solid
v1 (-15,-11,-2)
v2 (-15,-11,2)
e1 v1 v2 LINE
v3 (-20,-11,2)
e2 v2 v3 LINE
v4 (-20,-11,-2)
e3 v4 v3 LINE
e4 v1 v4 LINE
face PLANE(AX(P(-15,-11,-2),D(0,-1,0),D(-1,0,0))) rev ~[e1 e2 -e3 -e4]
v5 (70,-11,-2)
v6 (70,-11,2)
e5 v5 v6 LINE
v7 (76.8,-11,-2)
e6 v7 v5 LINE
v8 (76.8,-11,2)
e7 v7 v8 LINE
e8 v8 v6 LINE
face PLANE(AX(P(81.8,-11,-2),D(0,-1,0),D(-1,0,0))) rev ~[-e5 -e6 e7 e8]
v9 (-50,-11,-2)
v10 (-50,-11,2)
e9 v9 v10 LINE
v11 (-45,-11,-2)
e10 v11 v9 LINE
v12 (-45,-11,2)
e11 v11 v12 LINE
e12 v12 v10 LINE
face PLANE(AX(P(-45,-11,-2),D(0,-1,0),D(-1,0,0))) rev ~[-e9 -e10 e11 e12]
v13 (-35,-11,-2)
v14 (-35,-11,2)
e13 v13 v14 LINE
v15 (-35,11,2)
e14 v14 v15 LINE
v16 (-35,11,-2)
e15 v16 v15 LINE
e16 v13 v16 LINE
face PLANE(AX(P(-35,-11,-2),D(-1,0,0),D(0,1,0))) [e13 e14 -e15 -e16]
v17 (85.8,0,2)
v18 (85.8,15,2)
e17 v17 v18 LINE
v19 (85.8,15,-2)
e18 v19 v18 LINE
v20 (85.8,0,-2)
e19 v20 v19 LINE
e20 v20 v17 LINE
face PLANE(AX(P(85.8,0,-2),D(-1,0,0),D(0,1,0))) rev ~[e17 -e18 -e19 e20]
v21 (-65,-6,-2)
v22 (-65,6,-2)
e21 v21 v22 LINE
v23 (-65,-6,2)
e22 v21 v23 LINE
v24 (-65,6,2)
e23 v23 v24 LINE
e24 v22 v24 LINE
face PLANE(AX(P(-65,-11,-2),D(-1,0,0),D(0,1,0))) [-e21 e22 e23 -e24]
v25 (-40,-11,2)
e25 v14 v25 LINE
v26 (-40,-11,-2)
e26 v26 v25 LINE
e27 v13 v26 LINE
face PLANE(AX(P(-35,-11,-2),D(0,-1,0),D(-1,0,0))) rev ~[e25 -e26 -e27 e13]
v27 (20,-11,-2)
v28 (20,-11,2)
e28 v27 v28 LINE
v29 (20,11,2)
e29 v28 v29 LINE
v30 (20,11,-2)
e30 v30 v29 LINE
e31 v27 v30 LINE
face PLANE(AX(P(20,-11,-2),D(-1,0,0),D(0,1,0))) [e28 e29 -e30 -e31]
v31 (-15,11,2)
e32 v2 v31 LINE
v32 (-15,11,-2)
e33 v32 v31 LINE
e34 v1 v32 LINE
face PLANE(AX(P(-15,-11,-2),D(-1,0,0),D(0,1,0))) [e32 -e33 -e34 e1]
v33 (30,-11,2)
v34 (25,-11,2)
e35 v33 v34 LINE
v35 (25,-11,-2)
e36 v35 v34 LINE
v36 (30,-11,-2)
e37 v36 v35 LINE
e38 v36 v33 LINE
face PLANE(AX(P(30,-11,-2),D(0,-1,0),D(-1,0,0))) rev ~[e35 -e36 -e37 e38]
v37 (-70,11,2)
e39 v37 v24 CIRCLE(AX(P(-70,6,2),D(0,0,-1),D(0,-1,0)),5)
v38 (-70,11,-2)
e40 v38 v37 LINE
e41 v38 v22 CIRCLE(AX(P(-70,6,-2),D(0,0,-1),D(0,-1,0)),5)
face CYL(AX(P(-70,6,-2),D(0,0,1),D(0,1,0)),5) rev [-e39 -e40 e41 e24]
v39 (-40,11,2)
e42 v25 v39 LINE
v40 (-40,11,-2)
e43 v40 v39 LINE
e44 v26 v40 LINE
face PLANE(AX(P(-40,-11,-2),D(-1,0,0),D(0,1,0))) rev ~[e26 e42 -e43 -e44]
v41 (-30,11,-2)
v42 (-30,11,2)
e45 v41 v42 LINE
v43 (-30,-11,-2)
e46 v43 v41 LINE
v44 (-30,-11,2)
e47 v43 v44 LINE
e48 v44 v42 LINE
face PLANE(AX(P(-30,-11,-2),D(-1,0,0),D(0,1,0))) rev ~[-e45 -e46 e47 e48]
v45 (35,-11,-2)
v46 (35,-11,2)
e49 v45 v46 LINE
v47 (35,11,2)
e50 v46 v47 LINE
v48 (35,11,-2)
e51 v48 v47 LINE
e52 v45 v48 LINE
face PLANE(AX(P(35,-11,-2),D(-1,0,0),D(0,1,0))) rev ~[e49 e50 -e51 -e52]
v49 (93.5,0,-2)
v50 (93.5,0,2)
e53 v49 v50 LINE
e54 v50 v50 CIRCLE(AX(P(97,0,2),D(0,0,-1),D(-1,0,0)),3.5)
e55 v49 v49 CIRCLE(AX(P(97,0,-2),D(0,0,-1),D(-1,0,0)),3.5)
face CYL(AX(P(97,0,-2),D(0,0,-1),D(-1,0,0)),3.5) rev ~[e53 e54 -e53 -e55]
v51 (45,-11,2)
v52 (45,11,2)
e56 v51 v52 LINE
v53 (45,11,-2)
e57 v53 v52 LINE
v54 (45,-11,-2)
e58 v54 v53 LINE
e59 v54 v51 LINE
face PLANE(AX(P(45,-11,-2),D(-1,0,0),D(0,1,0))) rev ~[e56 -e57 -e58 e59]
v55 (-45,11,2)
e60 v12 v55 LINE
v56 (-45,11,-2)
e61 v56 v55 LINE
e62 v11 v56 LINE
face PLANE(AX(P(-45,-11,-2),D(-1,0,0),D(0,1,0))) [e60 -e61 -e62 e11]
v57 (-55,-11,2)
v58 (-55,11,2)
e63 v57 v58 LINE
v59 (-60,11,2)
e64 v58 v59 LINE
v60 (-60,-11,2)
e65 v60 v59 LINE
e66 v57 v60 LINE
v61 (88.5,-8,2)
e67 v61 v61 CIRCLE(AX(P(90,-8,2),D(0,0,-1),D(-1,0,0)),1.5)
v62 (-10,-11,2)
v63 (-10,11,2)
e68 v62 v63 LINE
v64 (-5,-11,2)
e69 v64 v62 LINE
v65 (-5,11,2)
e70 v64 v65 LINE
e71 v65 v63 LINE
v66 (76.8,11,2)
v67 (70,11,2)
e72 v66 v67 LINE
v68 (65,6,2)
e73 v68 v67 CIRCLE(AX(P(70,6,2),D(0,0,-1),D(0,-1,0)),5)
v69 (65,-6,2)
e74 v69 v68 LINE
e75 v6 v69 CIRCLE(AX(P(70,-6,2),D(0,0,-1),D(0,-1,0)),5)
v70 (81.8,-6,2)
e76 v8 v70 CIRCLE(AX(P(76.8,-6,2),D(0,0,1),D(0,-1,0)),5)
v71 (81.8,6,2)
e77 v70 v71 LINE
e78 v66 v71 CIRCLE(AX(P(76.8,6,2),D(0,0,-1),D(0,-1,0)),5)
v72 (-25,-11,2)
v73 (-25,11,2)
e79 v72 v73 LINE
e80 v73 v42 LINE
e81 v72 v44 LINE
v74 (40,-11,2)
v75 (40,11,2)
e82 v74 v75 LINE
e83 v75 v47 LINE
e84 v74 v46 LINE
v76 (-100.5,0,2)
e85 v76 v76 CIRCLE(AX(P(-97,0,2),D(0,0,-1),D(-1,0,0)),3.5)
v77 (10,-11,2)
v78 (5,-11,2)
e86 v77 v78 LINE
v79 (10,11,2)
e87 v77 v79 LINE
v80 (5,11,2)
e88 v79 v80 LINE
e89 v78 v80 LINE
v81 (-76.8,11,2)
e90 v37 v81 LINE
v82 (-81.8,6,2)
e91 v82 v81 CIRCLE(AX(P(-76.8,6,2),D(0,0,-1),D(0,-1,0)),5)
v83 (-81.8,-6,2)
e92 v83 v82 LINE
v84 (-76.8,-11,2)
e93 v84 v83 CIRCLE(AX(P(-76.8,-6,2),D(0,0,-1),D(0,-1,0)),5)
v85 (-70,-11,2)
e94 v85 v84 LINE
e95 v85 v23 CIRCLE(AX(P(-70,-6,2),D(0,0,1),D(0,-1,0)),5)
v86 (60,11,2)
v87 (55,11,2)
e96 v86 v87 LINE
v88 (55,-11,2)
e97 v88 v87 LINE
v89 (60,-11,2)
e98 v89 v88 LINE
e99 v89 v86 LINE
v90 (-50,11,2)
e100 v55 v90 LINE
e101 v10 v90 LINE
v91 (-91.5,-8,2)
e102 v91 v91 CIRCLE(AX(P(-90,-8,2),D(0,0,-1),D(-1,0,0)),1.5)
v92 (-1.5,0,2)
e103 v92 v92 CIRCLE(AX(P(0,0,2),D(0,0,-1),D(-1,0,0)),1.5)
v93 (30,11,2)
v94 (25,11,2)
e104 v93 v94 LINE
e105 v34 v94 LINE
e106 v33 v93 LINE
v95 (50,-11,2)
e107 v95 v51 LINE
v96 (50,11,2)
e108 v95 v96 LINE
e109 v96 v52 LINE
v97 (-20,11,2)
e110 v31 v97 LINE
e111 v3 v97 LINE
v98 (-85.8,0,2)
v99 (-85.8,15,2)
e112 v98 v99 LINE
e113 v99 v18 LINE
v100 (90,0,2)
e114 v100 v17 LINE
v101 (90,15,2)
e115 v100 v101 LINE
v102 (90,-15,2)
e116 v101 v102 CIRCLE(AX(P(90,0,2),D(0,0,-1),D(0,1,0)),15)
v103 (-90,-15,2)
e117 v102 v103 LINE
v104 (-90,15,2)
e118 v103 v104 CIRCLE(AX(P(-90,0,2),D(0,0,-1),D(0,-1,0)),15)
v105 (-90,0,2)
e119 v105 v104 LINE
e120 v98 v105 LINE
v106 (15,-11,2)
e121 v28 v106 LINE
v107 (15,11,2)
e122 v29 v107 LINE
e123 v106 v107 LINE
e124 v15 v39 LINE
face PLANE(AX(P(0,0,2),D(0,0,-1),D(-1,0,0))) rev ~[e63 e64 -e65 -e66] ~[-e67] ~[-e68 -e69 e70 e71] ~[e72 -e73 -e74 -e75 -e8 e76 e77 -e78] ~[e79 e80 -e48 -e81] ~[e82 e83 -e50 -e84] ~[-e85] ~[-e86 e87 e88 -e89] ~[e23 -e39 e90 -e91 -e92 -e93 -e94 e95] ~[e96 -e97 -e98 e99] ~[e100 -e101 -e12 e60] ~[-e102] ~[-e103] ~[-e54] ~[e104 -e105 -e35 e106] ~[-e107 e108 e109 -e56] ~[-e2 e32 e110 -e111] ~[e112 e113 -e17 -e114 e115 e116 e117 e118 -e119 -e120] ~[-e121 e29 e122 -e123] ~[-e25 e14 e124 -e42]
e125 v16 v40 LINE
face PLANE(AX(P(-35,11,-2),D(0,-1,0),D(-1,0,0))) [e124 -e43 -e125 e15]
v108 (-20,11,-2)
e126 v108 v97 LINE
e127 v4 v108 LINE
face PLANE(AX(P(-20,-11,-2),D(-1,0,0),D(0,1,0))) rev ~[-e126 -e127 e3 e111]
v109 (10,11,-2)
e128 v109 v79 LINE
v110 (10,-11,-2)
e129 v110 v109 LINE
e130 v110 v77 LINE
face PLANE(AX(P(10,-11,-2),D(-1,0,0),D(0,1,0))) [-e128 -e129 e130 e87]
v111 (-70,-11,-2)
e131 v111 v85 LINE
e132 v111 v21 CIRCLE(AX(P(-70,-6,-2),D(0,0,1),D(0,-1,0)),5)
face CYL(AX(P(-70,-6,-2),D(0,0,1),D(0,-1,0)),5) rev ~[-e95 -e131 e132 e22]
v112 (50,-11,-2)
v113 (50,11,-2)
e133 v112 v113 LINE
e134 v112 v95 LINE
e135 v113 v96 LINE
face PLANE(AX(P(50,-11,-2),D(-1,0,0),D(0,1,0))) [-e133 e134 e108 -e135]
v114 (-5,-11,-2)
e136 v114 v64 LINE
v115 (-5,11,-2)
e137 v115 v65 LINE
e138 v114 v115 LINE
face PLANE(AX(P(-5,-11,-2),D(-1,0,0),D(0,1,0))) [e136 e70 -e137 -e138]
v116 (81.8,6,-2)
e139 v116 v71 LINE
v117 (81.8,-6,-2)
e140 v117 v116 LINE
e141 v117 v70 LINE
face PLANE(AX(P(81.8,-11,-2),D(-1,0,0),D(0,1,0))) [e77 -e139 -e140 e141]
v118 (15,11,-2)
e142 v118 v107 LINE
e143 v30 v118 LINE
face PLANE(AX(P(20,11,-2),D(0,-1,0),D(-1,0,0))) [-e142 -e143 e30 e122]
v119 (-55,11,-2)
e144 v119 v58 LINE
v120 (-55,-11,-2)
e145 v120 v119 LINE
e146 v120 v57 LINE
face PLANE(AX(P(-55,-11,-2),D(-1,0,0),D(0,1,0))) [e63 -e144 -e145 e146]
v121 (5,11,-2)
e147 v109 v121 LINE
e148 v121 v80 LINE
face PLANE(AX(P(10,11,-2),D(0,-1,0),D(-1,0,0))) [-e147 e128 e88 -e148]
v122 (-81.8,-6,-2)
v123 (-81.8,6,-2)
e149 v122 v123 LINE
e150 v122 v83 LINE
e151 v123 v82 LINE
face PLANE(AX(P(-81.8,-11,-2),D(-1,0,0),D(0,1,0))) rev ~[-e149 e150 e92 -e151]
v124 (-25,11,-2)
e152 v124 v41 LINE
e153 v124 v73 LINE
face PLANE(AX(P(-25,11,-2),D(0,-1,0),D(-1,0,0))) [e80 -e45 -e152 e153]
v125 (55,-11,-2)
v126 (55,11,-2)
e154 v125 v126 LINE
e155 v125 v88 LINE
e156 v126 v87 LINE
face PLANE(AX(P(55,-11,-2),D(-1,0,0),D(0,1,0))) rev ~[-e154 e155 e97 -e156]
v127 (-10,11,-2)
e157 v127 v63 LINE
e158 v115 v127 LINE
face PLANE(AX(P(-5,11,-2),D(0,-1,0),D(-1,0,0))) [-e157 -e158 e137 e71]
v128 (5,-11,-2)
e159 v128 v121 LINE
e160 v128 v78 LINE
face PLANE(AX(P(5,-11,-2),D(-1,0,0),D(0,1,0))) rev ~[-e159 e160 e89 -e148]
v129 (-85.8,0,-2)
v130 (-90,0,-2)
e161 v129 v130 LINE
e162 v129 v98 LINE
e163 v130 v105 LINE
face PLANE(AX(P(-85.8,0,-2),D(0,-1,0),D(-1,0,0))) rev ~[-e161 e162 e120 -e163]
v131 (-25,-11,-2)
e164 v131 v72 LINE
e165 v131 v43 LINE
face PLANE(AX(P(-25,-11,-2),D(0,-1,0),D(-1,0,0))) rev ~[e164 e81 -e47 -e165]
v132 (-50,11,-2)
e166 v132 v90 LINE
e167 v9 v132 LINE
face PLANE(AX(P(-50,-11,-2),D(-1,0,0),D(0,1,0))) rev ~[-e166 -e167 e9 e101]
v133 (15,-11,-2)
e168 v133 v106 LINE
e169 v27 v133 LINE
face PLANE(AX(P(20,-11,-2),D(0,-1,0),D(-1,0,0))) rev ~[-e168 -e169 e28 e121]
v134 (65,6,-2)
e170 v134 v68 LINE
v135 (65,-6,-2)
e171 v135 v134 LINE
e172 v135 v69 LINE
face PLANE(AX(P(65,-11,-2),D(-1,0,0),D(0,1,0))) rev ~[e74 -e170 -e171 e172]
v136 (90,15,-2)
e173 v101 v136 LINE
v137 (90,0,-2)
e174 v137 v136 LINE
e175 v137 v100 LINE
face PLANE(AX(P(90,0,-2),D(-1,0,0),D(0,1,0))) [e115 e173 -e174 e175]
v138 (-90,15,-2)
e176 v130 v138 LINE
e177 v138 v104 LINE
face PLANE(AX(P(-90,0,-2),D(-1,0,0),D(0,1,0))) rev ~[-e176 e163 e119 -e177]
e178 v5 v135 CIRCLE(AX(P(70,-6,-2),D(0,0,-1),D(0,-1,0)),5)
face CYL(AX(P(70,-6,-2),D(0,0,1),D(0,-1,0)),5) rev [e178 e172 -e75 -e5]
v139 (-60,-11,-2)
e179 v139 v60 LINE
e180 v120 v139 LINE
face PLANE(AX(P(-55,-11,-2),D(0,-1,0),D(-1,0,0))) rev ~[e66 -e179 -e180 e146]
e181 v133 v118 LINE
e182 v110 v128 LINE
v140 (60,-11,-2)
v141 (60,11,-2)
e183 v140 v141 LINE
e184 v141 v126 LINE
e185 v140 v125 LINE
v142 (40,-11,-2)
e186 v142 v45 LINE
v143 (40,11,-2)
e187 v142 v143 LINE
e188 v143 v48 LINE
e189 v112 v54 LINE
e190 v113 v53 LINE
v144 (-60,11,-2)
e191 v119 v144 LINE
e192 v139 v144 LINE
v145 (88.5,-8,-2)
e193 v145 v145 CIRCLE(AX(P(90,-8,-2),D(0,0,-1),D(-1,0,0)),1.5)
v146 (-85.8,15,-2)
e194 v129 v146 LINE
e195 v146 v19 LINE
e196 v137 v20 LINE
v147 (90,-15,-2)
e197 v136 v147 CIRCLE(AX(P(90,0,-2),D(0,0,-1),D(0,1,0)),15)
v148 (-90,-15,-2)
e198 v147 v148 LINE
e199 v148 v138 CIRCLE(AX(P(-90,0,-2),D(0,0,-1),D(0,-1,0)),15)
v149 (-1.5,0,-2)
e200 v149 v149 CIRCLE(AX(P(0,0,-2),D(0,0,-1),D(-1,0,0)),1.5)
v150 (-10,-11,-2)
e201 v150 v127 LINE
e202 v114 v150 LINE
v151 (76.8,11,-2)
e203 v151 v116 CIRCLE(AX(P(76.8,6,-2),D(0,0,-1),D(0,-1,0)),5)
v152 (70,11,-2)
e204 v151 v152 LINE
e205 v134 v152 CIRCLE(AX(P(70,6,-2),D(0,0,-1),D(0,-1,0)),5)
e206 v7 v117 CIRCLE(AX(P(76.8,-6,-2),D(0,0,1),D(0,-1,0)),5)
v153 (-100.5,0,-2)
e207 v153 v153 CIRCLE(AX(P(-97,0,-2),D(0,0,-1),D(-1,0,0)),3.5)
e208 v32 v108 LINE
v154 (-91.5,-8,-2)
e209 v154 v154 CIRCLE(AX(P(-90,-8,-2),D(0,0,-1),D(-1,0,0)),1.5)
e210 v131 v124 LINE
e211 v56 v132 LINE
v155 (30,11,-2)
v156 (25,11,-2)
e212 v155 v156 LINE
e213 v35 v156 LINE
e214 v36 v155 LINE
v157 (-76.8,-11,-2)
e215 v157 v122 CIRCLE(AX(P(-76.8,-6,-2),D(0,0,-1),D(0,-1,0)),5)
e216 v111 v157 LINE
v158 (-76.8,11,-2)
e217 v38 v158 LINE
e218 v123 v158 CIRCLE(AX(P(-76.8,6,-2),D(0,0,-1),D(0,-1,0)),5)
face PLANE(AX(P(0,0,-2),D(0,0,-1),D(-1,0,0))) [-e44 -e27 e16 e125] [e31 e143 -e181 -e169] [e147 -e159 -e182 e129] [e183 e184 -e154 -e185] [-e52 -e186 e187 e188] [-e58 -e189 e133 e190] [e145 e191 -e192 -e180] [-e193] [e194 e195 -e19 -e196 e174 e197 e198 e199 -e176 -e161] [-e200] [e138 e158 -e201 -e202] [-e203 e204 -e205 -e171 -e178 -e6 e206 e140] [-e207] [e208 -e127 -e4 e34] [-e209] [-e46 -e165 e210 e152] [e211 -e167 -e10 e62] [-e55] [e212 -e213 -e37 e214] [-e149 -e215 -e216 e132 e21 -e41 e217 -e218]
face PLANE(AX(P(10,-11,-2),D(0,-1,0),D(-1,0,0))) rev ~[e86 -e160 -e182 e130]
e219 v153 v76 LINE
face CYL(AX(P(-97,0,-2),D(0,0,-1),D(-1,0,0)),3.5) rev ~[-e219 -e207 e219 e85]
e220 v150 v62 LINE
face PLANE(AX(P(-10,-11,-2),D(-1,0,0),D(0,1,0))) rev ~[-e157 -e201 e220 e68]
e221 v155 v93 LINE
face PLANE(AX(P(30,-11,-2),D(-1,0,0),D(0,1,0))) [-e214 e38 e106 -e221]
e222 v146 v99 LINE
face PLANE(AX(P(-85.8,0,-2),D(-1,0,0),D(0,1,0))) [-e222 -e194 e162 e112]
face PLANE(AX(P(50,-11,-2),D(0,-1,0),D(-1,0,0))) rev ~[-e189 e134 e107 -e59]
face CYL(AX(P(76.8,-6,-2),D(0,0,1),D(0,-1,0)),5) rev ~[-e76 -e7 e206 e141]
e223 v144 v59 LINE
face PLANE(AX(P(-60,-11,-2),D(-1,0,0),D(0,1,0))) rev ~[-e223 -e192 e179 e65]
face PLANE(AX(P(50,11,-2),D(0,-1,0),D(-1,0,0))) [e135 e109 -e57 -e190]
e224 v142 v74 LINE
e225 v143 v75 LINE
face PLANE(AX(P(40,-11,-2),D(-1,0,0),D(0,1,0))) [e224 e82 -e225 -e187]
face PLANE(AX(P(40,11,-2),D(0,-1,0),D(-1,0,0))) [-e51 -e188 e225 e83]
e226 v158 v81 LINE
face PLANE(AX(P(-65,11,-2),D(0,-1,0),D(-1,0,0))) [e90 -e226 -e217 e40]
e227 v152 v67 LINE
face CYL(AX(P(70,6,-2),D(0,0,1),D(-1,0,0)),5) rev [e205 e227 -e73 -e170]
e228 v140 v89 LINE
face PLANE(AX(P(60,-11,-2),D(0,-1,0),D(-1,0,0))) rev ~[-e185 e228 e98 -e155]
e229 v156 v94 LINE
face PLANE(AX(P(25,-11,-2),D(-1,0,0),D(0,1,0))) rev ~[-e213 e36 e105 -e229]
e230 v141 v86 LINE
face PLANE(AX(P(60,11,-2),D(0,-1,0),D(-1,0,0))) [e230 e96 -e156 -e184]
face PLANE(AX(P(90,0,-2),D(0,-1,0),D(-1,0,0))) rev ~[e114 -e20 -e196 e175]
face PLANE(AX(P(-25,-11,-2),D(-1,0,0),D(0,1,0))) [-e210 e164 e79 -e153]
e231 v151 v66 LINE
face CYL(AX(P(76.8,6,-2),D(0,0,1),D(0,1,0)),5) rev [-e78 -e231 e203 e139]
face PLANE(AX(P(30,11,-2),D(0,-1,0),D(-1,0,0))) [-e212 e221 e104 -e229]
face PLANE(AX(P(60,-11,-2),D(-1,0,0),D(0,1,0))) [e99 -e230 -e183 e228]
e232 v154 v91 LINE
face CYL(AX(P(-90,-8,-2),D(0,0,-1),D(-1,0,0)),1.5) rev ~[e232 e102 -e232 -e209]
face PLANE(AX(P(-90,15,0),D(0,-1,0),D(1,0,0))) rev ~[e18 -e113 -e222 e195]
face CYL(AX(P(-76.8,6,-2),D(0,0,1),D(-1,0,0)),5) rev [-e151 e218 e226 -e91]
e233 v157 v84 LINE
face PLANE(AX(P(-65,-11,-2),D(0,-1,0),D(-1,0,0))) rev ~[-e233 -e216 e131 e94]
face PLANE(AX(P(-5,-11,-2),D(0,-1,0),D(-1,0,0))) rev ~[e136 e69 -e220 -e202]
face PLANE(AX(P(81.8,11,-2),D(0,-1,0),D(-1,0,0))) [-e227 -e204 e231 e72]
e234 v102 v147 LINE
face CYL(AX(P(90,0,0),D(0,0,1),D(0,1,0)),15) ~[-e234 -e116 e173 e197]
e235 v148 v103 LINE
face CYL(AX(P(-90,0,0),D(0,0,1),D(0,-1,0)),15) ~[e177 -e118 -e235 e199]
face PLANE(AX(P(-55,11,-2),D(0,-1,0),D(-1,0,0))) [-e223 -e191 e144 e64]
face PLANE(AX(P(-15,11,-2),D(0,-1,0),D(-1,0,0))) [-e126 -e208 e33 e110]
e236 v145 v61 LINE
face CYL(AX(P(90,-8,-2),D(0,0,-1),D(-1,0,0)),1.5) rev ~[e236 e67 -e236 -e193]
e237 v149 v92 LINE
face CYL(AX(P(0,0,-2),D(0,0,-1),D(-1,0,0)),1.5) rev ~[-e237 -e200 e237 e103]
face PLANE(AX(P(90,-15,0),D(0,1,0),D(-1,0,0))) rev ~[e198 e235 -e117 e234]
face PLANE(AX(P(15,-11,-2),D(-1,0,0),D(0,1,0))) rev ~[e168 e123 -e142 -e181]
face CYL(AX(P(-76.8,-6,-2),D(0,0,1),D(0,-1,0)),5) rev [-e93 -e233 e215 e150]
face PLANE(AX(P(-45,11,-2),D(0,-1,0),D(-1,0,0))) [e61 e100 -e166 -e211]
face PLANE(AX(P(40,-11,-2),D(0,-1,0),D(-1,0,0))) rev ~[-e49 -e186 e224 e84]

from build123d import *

# Parameters (mm, degrees)
EXTRUDE_1_DEPTH     = 2
SKETCH_11_W         = 4.2
SKETCH_11_H         = 15
SKETCH_11_W_2       = 16.8
SKETCH_11_H_2       = 22
SKETCH_11_W_3       = 5
SKETCH_11_R         = 3.5
SKETCH_11_R_2       = 1.5
CUT_EXTRUDE_1_DEPTH = 10
FILLET_1_R          = 5


with BuildPart() as part:
    # Эскиз1 → Бобышка-Вытянуть1 (new, symmetric)
    with BuildSketch(Plane.XY):
        with BuildLine():
            Line((-90, 15), (90, 15))
            ThreePointArc((90, 15), (105, 0), (90, -15))
            Line((90, -15), (-90, -15))
            ThreePointArc((-90, -15), (-105, 0), (-90, 15))
        make_face()
    extrude(amount=EXTRUDE_1_DEPTH, both=True)

    # Эскиз11 → Вырез-Вытянуть1 (cut)
    with BuildSketch(Plane(origin=(0, 0, -2), x_dir=(-1, 0, 0), z_dir=(0, 0, -1))):
        with Locations((-87.9, 7.5)):
            Rectangle(SKETCH_11_W, SKETCH_11_H)
        with Locations((-73.4, 0)):
            Rectangle(SKETCH_11_W_2, SKETCH_11_H_2)
        with Locations((-57.5, 0)):
            Rectangle(SKETCH_11_W_3, SKETCH_11_H_2)
        with Locations((-47.5, 0)):
            Rectangle(SKETCH_11_W_3, SKETCH_11_H_2)
        with Locations((-37.5, 0)):
            Rectangle(SKETCH_11_W_3, SKETCH_11_H_2)
        with Locations((-27.5, 0)):
            Rectangle(SKETCH_11_W_3, SKETCH_11_H_2)
        with Locations((-17.5, 0)):
            Rectangle(SKETCH_11_W_3, SKETCH_11_H_2)
        with Locations((-7.5, 0)):
            Rectangle(SKETCH_11_W_3, SKETCH_11_H_2)
        with Locations((7.5, 0)):
            Rectangle(SKETCH_11_W_3, SKETCH_11_H_2)
        with Locations((17.5, 0)):
            Rectangle(SKETCH_11_W_3, SKETCH_11_H_2)
        with Locations((27.5, 0)):
            Rectangle(SKETCH_11_W_3, SKETCH_11_H_2)
        with Locations((37.5, 0)):
            Rectangle(SKETCH_11_W_3, SKETCH_11_H_2)
        with Locations((47.5, 0)):
            Rectangle(SKETCH_11_W_3, SKETCH_11_H_2)
        with Locations((57.5, 0)):
            Rectangle(SKETCH_11_W_3, SKETCH_11_H_2)
        with Locations((73.4, 0)):
            Rectangle(SKETCH_11_W_2, SKETCH_11_H_2)
        with Locations((87.9, 7.5)):
            Rectangle(SKETCH_11_W, SKETCH_11_H)
        with Locations((97, 0)):
            Circle(SKETCH_11_R)
        with Locations((-97, 0)):
            Circle(SKETCH_11_R)
        Circle(SKETCH_11_R_2)
        with Locations((-90, -8)):
            Circle(SKETCH_11_R_2)
        with Locations((90, -8)):
            Circle(SKETCH_11_R_2)
    extrude(amount=-CUT_EXTRUDE_1_DEPTH, mode=Mode.SUBTRACT)

    # Скругление1
    fillet_1_edges = [part.edges().sort_by_distance(p)[0] for p in [
        (-65, 11, 0),
        (-81.8, 11, 0),
        (-81.8, -11, 0),
        (-65, -11, 0),
        (65, 11, 0),
        (65, -11, 0),
        (81.8, -11, 0),
        (81.8, 11, 0),
    ]]
    fillet(fillet_1_edges, radius=FILLET_1_R)


solid = part.part
